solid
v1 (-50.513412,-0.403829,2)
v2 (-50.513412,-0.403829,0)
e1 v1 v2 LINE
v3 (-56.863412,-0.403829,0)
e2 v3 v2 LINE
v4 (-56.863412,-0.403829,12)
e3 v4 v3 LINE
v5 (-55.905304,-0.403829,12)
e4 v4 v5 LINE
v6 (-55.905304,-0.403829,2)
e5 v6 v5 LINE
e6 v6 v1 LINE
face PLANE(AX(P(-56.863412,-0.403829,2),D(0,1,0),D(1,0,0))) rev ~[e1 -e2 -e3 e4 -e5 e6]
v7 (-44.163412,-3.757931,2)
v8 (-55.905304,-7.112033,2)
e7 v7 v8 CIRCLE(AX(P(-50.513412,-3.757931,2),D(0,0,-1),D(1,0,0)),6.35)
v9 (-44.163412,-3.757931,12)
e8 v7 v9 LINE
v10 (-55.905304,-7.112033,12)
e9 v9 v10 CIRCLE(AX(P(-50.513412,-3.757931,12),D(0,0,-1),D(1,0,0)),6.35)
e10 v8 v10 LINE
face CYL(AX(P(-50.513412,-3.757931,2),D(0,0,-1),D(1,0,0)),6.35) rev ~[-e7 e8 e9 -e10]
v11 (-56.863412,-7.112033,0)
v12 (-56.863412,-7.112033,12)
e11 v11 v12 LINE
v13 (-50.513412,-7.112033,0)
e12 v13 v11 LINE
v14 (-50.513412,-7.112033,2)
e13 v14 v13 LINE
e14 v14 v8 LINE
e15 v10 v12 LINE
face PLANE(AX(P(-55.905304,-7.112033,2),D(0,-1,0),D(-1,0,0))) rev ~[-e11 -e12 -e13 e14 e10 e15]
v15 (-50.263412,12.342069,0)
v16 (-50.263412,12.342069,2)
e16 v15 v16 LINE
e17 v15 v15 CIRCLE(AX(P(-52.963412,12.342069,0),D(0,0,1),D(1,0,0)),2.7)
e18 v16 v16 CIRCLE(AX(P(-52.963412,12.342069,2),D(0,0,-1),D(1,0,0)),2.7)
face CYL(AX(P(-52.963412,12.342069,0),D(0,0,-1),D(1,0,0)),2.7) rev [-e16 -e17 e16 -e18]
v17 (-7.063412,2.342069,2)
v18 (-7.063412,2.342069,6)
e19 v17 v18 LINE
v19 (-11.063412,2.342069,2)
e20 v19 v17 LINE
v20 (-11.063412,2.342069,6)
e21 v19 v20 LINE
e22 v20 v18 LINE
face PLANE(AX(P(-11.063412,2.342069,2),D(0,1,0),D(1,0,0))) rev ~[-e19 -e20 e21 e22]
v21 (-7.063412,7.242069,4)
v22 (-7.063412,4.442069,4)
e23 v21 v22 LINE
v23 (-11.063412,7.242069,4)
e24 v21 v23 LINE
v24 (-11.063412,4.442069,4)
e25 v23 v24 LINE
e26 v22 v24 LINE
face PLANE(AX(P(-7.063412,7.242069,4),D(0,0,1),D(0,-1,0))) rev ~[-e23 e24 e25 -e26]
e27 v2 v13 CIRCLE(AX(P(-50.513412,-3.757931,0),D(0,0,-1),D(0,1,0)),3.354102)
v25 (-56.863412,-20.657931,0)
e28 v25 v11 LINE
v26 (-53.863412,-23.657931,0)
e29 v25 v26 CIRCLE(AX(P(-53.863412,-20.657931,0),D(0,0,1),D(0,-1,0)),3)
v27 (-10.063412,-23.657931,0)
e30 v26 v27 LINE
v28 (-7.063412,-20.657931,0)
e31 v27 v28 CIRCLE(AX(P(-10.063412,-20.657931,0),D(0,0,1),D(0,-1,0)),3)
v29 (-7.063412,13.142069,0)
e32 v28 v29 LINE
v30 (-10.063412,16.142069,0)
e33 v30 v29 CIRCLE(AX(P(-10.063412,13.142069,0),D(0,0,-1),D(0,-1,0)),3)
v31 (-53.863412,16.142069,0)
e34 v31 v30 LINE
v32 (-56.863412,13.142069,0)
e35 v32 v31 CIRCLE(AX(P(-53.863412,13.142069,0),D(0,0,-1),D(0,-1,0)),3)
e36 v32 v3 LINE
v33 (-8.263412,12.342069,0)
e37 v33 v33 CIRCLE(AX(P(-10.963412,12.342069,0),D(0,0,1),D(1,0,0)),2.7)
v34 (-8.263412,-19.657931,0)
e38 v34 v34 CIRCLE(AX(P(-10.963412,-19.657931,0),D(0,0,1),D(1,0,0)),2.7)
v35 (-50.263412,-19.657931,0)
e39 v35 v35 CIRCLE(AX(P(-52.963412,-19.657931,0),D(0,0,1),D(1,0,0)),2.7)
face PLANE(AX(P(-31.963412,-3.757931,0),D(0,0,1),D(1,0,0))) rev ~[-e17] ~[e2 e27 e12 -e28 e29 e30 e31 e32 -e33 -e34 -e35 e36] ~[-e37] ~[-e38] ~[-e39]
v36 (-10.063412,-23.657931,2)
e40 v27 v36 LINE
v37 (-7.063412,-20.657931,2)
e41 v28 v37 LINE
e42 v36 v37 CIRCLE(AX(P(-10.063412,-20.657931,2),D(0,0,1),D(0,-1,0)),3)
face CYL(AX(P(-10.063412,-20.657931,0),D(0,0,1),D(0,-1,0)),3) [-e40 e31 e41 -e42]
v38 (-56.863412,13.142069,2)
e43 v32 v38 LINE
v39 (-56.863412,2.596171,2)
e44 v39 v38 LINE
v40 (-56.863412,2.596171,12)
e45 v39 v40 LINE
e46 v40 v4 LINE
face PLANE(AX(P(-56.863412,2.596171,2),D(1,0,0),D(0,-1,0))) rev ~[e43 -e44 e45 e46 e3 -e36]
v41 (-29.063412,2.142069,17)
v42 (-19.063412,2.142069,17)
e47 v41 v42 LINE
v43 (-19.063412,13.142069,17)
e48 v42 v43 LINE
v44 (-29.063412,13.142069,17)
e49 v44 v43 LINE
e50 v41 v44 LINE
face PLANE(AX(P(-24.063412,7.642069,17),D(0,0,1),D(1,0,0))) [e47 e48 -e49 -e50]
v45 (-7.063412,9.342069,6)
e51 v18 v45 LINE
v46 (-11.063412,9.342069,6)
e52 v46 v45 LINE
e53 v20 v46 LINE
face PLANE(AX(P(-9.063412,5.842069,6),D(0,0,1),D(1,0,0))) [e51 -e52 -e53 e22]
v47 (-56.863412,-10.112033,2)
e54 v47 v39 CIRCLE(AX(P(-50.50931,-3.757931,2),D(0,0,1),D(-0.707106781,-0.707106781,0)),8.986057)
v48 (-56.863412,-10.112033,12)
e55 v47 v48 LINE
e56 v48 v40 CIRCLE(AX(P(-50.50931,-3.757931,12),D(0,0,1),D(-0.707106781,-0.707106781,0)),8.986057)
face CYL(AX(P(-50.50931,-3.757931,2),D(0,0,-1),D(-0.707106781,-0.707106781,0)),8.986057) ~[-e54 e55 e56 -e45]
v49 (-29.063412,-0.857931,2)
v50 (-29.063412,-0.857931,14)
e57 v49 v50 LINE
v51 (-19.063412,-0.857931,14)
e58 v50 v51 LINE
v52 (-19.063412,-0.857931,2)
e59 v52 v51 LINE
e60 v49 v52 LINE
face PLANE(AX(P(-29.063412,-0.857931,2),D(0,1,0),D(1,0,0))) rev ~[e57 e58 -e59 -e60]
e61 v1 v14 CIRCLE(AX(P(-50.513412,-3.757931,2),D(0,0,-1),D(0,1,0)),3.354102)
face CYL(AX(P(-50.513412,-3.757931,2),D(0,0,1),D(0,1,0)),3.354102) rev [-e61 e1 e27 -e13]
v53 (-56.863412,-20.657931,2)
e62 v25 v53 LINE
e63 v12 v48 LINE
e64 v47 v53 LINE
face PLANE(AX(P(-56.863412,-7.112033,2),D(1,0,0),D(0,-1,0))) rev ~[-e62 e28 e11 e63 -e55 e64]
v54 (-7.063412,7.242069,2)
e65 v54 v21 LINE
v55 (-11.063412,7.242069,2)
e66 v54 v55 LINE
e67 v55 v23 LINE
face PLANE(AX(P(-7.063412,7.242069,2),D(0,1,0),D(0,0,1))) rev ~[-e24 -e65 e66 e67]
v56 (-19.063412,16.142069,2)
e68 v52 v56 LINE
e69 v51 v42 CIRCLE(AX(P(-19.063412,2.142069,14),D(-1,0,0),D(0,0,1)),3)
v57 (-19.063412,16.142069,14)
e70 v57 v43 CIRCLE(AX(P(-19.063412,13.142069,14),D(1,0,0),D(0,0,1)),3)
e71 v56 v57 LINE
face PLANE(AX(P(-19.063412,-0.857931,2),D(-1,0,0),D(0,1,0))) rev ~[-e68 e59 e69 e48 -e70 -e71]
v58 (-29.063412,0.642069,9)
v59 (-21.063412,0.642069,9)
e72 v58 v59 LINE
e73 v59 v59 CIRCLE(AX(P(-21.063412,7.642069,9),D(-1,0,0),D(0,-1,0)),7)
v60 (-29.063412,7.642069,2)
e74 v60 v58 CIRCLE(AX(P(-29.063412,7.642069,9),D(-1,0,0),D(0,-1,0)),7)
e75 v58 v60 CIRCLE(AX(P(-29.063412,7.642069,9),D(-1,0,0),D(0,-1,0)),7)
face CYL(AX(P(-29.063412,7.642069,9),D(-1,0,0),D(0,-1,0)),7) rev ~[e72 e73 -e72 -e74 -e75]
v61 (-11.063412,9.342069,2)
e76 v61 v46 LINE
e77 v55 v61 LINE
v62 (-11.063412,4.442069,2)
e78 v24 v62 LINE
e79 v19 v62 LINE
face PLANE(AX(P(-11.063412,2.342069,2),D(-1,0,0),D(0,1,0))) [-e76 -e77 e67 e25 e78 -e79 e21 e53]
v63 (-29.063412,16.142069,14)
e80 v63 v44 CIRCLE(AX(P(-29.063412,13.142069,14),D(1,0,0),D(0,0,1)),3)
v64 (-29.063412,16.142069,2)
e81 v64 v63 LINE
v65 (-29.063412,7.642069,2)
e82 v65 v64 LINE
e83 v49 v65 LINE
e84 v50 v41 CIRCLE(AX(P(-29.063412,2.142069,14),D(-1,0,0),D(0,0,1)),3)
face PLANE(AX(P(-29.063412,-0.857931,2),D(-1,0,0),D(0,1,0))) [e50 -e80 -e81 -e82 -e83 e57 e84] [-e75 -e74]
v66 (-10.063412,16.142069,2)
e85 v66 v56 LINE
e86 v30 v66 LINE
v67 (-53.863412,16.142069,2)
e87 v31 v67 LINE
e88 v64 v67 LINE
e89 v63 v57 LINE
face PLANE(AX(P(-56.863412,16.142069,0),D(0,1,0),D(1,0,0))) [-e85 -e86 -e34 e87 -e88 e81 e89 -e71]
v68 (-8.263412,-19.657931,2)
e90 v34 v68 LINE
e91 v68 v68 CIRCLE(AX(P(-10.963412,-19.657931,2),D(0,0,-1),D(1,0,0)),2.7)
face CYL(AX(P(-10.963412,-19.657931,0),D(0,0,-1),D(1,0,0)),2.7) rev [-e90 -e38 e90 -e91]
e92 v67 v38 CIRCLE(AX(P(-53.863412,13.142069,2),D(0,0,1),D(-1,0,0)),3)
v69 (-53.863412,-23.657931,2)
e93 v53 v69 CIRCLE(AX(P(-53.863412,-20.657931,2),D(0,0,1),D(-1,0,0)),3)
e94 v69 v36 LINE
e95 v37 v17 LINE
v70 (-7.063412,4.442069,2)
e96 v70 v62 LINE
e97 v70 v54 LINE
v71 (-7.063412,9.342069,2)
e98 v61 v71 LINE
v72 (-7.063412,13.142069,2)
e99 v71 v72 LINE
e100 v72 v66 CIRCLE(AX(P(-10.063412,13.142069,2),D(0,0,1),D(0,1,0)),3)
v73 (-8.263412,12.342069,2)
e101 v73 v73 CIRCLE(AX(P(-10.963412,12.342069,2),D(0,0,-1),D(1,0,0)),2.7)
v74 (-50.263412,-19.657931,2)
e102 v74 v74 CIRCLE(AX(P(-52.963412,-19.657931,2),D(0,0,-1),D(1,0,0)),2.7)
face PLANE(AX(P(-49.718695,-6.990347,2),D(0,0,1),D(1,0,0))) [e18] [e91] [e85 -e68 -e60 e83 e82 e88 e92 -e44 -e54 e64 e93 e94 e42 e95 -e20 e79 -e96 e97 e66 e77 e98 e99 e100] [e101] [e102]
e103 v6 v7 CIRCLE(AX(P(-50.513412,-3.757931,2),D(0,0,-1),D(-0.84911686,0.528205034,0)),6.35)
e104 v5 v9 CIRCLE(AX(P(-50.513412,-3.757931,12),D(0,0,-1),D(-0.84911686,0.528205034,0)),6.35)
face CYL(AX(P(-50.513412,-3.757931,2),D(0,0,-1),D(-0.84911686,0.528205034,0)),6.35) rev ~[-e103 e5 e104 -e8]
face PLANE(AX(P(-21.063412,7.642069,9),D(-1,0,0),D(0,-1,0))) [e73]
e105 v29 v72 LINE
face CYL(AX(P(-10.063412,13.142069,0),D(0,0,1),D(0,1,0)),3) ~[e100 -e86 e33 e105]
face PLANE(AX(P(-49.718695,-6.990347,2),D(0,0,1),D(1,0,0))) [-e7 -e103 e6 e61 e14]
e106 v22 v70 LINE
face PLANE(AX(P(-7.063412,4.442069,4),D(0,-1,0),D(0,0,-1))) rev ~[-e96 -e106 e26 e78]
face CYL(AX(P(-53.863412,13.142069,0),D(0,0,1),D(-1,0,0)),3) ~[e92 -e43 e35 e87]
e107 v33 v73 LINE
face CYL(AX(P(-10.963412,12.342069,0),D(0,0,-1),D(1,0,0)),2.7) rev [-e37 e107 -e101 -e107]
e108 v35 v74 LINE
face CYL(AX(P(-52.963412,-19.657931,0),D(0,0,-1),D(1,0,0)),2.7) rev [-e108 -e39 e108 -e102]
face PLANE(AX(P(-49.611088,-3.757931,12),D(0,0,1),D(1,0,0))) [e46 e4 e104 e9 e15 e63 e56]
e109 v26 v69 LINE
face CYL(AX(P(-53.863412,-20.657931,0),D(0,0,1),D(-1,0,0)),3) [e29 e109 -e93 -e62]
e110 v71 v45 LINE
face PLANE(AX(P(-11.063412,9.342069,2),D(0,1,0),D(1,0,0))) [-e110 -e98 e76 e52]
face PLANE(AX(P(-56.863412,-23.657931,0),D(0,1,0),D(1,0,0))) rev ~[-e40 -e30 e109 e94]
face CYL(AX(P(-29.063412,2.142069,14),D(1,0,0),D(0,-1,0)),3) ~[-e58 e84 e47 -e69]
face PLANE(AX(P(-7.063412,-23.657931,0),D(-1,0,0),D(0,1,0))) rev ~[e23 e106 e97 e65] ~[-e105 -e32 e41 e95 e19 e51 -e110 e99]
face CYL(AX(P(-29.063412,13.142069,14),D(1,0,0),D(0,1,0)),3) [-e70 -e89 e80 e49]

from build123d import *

# Parameters (mm, degrees)
CROQUIS1_W              = 49.8
CROQUIS1_H              = 39.8
CROQUIS1_R              = 2.7
SALIENTE_EXTRUIR1_DEPTH = 6
CORTAR_EXTRUIR1_DEPTH   = 4
REDONDEO1_R             = 3
SALIENTE_EXTRUIR3_DEPTH = 3
CROQUIS5_R              = 6.35
CORTAR_EXTRUIR2_DEPTH   = 3
SALIENTE_EXTRUIR4_DEPTH = 10
SALIENTE_EXTRUIR5_DEPTH = 2
CORTAR_EXTRUIR3_START   = -3
CORTAR_EXTRUIR3_DEPTH   = 3
CORTAR_EXTRUIR4_DEPTH   = 4
CROQUIS10_W             = 4
CROQUIS10_H             = 7
SALIENTE_EXTRUIR6_DEPTH = 4
CORTAR_EXTRUIR5_DEPTH   = 4
CROQUIS16_W             = 28.958796265
CROQUIS16_H             = 47.870649268
CORTAR_EXTRUIR6_DEPTH   = 2
CROQUIS17_W             = 5
CROQUIS17_H             = 16
CORTAR_EXTRUIR7_DEPTH   = 10
CORTAR_EXTRUIR8_DEPTH   = 2
SALIENTE_EXTRUIR7_DEPTH = 10
CROQUIS21_W             = 10
CROQUIS21_H             = 17
SALIENTE_EXTRUIR8_DEPTH = 15
CROQUIS22_R             = 7
CORTAR_EXTRUIR9_DEPTH   = 8
REDONDEO2_R             = 3


with BuildPart() as part:
    # Croquis1 → Saliente-Extruir1 (new body)
    with BuildSketch(Plane.XY):
        with Locations((-31.963412372, -3.757931034)):
            Rectangle(CROQUIS1_W, CROQUIS1_H)
        with Locations((-52.963412372, 12.342068966)):
            Circle(CROQUIS1_R, mode=Mode.SUBTRACT)
        with Locations((-10.963412372, 12.342068966)):
            Circle(CROQUIS1_R, mode=Mode.SUBTRACT)
        with Locations((-10.963412372, -19.657931034)):
            Circle(CROQUIS1_R, mode=Mode.SUBTRACT)
        with Locations((-52.963412372, -19.657931034)):
            Circle(CROQUIS1_R, mode=Mode.SUBTRACT)
    extrude(amount=SALIENTE_EXTRUIR1_DEPTH)

    # Croquis2 → Cortar-Extruir1 (cut)
    with BuildSketch(Plane.XY.offset(6)):
        with BuildLine():
            Line((-49.963412372, -16.757931034), (-13.963412372, -16.757931034))
            ThreePointArc((-13.963412372, -16.757931034), (-12.54919881, -16.172144597), (-11.963412372, -14.757931034))
            Line((-11.963412372, -14.757931034), (-11.963412372, 7.242068966))
            ThreePointArc((-11.963412372, 7.242068966), (-12.54919881, 8.656282528), (-13.963412372, 9.242068966))
            Line((-13.963412372, 9.242068966), (-49.963412372, 9.242068966))
            ThreePointArc((-49.963412372, 9.242068966), (-51.377625934, 8.656282528), (-51.963412372, 7.242068966))
            Line((-51.963412372, 7.242068966), (-51.963412372, -14.757931034))
            ThreePointArc((-51.963412372, -14.757931034), (-51.377625934, -16.172144597), (-49.963412372, -16.757931034))
        make_face()
    extrude(amount=-CORTAR_EXTRUIR1_DEPTH, mode=Mode.SUBTRACT)

    # Redondeo1
    redondeo1_edges = [part.edges().sort_by_distance(p)[0] for p in [
        (-56.863412372, 16.142068966, 3),
        (-7.063412372, 16.142068966, 3),
        (-7.063412372, -23.657931034, 3),
        (-56.863412372, -23.657931034, 3),
    ]]
    fillet(redondeo1_edges, radius=REDONDEO1_R)

    # Croquis4 → Saliente-Extruir3 (add)
    with BuildSketch(Plane(origin=(0, 0, 0), x_dir=(-1, 0, 0), z_dir=(0, 0, -1))):
        with BuildLine():
            Line((56.863412372, 4.242068966), (61.863412372, 4.242068966))
            Line((61.863412372, 4.242068966), (61.863412372, -0.257931034))
            Line((61.863412372, -0.257931034), (57.863412372, -0.257931034))
            ThreePointArc((57.863412372, -0.257931034), (57.358118834, -0.294597605), (56.863412372, -0.403829068))
            Line((56.863412372, -0.403829068), (56.863412372, 4.242068966))
        make_face()
        with BuildLine():
            Line((61.863412372, -11.757931034), (56.863412372, -11.757931034))
            Line((56.863412372, -11.757931034), (56.863412372, -7.112033001))
            ThreePointArc((56.863412372, -7.112033001), (57.358118834, -7.221264464), (57.863412372, -7.257931034))
            Line((57.863412372, -7.257931034), (61.863412372, -7.257931034))
            Line((61.863412372, -7.257931034), (61.863412372, -11.757931034))
        make_face()
    extrude(amount=-SALIENTE_EXTRUIR3_DEPTH)

    # Croquis5 → Cortar-Extruir2 (cut)
    with BuildSketch(Plane.XY.offset(3)):
        with Locations((-57.863412372, -3.757931034)):
            Circle(CROQUIS5_R)
    extrude(amount=CORTAR_EXTRUIR2_DEPTH, mode=Mode.SUBTRACT)

    # Croquis6 → Saliente-Extruir4 (add)
    with BuildSketch(Plane.XY.offset(3)):
        with BuildLine():
            Line((-61.863412372, 4.242068966), (-51.963412372, 4.242068966))
            Line((-51.963412372, 4.242068966), (-48.963412372, 4.242068966))
            Line((-48.963412372, 4.242068966), (-48.963412372, -11.757931034))
            Line((-48.963412372, -11.757931034), (-51.963412372, -11.757931034))
            Line((-51.963412372, -11.757931034), (-61.863412372, -11.757931034))
            Line((-61.863412372, -11.757931034), (-61.863412372, -8.689715701))
            ThreePointArc((-61.863412372, -8.689715701), (-51.513412372, -3.757931034), (-61.863412372, 1.173853632))
            Line((-61.863412372, 1.173853632), (-61.863412372, 4.242068966))
        make_face()
    extrude(amount=SALIENTE_EXTRUIR4_DEPTH)

    # Croquis7 → Saliente-Extruir5 (add)
    with BuildSketch(Plane.XY.offset(2)):
        Polygon((-51.963412372, -3.757931034), (-51.963412372, 4.242068966), (-48.963412372, 4.242068966), (-48.963412372, -11.757931034), (-51.963412372, -11.757931034), align=None)
    extrude(amount=SALIENTE_EXTRUIR5_DEPTH)

    # Croquis8 → Cortar-Extruir3 (cut)
    with BuildSketch(Plane.XY.offset(3).offset(CORTAR_EXTRUIR3_START)):
        with BuildLine():
            Line((-56.863412372, -0.403829068), (-56.863412372, -7.112033001))
            ThreePointArc((-56.863412372, -7.112033001), (-53.509310406, -3.757931034), (-56.863412372, -0.403829068))
        make_face()
    extrude(amount=CORTAR_EXTRUIR3_DEPTH, mode=Mode.SUBTRACT)

    # Croquis9 → Cortar-Extruir4 (cut)
    with BuildSketch(Plane.XY.offset(6)):
        Polygon((-56.863412372, -11.757931034), (-56.863412372, -27.492217147), (-1.817084798, -27.492217147), (-1.817084798, 22.861833321), (-56.863412372, 22.861833321), (-56.863412372, 4.242068966), (-47.172737702, 4.242068966), (-47.172737702, -11.757931034), align=None)
    extrude(amount=-CORTAR_EXTRUIR4_DEPTH, mode=Mode.SUBTRACT)

    # Croquis10 → Saliente-Extruir6 (add)
    with BuildSketch(Plane.XY.offset(2)):
        with Locations((-9.063412372, 5.842068966)):
            Rectangle(CROQUIS10_W, CROQUIS10_H)
    extrude(amount=SALIENTE_EXTRUIR6_DEPTH)

    # Croquis11 → Cortar-Extruir5 (cut)
    with BuildSketch(Plane(origin=(-7.063412372, 0, 0), x_dir=(0, 0, -1), z_dir=(1, 0, 0))):
        Polygon((-2, 5.842068966), (-2, 7.242068966), (-4, 7.242068966), (-4, 4.442068966), (-2, 4.442068966), align=None)
    extrude(amount=-CORTAR_EXTRUIR5_DEPTH, mode=Mode.SUBTRACT)

    # Croquis16 → Cortar-Extruir6 (cut)
    with BuildSketch(Plane.XY.offset(2)):
        with Locations((-49.718694927, -6.990346687)):
            Rectangle(CROQUIS16_W, CROQUIS16_H)
    extrude(amount=CORTAR_EXTRUIR6_DEPTH, mode=Mode.SUBTRACT)


with BuildPart() as cortar_extruir6_kept_piece:
    # of the separate pieces the step leaves, the one the design keeps (cortar_extruir6_pieces_kept)
    add(part.part.solids().sort_by_distance((-53.863412372, 16.142068966, 0))[0])

    # Croquis17 → Cortar-Extruir7 (cut)
    with BuildSketch(Plane.XY.offset(2)):
        with Locations((-59.363412372, -3.757931034)):
            Rectangle(CROQUIS17_W, CROQUIS17_H)
    extrude(amount=-CORTAR_EXTRUIR7_DEPTH, mode=Mode.SUBTRACT)

    # Croquis18 → Cortar-Extruir8 (cut)
    with BuildSketch(Plane.XY.offset(2)):
        with BuildLine():
            Line((-56.863412372, -0.403829068), (-50.513412372, -0.403829068))
            ThreePointArc((-50.513412372, -0.403829068), (-47.159310406, -3.757931034), (-50.513412372, -7.112033001))
            Line((-50.513412372, -7.112033001), (-56.863412372, -7.112033001))
            Line((-56.863412372, -7.112033001), (-56.863412372, -0.403829068))
        make_face()
    extrude(amount=-CORTAR_EXTRUIR8_DEPTH, mode=Mode.SUBTRACT)

    # Croquis19 → Saliente-Extruir7 (add)
    with BuildSketch(Plane.XY.offset(2)):
        with BuildLine():
            Line((-56.863412372, -0.403829068), (-55.905304433, -0.403829068))
            ThreePointArc((-55.905304433, -0.403829068), (-48.769281441, 2.347845517), (-44.163412372, -3.757931034))
            ThreePointArc((-44.163412372, -3.757931034), (-48.769281441, -9.863707586), (-55.905304433, -7.112033001))
            Line((-55.905304433, -7.112033001), (-56.863412372, -7.112033001))
            Line((-56.863412372, -7.112033001), (-56.863412372, -10.112033001))
            ThreePointArc((-56.863412372, -10.112033001), (-41.523253228, -3.757931034), (-56.863412372, 2.596170932))
            Line((-56.863412372, 2.596170932), (-56.863412372, -0.403829068))
        make_face()
    extrude(amount=SALIENTE_EXTRUIR7_DEPTH)

    # Croquis21 → Saliente-Extruir8 (add)
    with BuildSketch(Plane.XY.offset(2)):
        with Locations((-24.063412372, 7.642068966)):
            Rectangle(CROQUIS21_W, CROQUIS21_H)
    extrude(amount=SALIENTE_EXTRUIR8_DEPTH)

    # Croquis22 → Cortar-Extruir9 (cut)
    with BuildSketch(Plane.ZY.offset(29.063412372)):
        with Locations(Location((9, 7.642068966, 0), (0, 0, 270))):
            Circle(CROQUIS22_R)
    extrude(amount=-CORTAR_EXTRUIR9_DEPTH, mode=Mode.SUBTRACT)

    # Redondeo2
    redondeo2_edges = [cortar_extruir6_kept_piece.edges().sort_by_distance(p)[0] for p in [
        (-24.063412372, 16.142068966, 17),
        (-24.063412372, -0.857931034, 17),
    ]]
    fillet(redondeo2_edges, radius=REDONDEO2_R)


solid = cortar_extruir6_kept_piece.part
